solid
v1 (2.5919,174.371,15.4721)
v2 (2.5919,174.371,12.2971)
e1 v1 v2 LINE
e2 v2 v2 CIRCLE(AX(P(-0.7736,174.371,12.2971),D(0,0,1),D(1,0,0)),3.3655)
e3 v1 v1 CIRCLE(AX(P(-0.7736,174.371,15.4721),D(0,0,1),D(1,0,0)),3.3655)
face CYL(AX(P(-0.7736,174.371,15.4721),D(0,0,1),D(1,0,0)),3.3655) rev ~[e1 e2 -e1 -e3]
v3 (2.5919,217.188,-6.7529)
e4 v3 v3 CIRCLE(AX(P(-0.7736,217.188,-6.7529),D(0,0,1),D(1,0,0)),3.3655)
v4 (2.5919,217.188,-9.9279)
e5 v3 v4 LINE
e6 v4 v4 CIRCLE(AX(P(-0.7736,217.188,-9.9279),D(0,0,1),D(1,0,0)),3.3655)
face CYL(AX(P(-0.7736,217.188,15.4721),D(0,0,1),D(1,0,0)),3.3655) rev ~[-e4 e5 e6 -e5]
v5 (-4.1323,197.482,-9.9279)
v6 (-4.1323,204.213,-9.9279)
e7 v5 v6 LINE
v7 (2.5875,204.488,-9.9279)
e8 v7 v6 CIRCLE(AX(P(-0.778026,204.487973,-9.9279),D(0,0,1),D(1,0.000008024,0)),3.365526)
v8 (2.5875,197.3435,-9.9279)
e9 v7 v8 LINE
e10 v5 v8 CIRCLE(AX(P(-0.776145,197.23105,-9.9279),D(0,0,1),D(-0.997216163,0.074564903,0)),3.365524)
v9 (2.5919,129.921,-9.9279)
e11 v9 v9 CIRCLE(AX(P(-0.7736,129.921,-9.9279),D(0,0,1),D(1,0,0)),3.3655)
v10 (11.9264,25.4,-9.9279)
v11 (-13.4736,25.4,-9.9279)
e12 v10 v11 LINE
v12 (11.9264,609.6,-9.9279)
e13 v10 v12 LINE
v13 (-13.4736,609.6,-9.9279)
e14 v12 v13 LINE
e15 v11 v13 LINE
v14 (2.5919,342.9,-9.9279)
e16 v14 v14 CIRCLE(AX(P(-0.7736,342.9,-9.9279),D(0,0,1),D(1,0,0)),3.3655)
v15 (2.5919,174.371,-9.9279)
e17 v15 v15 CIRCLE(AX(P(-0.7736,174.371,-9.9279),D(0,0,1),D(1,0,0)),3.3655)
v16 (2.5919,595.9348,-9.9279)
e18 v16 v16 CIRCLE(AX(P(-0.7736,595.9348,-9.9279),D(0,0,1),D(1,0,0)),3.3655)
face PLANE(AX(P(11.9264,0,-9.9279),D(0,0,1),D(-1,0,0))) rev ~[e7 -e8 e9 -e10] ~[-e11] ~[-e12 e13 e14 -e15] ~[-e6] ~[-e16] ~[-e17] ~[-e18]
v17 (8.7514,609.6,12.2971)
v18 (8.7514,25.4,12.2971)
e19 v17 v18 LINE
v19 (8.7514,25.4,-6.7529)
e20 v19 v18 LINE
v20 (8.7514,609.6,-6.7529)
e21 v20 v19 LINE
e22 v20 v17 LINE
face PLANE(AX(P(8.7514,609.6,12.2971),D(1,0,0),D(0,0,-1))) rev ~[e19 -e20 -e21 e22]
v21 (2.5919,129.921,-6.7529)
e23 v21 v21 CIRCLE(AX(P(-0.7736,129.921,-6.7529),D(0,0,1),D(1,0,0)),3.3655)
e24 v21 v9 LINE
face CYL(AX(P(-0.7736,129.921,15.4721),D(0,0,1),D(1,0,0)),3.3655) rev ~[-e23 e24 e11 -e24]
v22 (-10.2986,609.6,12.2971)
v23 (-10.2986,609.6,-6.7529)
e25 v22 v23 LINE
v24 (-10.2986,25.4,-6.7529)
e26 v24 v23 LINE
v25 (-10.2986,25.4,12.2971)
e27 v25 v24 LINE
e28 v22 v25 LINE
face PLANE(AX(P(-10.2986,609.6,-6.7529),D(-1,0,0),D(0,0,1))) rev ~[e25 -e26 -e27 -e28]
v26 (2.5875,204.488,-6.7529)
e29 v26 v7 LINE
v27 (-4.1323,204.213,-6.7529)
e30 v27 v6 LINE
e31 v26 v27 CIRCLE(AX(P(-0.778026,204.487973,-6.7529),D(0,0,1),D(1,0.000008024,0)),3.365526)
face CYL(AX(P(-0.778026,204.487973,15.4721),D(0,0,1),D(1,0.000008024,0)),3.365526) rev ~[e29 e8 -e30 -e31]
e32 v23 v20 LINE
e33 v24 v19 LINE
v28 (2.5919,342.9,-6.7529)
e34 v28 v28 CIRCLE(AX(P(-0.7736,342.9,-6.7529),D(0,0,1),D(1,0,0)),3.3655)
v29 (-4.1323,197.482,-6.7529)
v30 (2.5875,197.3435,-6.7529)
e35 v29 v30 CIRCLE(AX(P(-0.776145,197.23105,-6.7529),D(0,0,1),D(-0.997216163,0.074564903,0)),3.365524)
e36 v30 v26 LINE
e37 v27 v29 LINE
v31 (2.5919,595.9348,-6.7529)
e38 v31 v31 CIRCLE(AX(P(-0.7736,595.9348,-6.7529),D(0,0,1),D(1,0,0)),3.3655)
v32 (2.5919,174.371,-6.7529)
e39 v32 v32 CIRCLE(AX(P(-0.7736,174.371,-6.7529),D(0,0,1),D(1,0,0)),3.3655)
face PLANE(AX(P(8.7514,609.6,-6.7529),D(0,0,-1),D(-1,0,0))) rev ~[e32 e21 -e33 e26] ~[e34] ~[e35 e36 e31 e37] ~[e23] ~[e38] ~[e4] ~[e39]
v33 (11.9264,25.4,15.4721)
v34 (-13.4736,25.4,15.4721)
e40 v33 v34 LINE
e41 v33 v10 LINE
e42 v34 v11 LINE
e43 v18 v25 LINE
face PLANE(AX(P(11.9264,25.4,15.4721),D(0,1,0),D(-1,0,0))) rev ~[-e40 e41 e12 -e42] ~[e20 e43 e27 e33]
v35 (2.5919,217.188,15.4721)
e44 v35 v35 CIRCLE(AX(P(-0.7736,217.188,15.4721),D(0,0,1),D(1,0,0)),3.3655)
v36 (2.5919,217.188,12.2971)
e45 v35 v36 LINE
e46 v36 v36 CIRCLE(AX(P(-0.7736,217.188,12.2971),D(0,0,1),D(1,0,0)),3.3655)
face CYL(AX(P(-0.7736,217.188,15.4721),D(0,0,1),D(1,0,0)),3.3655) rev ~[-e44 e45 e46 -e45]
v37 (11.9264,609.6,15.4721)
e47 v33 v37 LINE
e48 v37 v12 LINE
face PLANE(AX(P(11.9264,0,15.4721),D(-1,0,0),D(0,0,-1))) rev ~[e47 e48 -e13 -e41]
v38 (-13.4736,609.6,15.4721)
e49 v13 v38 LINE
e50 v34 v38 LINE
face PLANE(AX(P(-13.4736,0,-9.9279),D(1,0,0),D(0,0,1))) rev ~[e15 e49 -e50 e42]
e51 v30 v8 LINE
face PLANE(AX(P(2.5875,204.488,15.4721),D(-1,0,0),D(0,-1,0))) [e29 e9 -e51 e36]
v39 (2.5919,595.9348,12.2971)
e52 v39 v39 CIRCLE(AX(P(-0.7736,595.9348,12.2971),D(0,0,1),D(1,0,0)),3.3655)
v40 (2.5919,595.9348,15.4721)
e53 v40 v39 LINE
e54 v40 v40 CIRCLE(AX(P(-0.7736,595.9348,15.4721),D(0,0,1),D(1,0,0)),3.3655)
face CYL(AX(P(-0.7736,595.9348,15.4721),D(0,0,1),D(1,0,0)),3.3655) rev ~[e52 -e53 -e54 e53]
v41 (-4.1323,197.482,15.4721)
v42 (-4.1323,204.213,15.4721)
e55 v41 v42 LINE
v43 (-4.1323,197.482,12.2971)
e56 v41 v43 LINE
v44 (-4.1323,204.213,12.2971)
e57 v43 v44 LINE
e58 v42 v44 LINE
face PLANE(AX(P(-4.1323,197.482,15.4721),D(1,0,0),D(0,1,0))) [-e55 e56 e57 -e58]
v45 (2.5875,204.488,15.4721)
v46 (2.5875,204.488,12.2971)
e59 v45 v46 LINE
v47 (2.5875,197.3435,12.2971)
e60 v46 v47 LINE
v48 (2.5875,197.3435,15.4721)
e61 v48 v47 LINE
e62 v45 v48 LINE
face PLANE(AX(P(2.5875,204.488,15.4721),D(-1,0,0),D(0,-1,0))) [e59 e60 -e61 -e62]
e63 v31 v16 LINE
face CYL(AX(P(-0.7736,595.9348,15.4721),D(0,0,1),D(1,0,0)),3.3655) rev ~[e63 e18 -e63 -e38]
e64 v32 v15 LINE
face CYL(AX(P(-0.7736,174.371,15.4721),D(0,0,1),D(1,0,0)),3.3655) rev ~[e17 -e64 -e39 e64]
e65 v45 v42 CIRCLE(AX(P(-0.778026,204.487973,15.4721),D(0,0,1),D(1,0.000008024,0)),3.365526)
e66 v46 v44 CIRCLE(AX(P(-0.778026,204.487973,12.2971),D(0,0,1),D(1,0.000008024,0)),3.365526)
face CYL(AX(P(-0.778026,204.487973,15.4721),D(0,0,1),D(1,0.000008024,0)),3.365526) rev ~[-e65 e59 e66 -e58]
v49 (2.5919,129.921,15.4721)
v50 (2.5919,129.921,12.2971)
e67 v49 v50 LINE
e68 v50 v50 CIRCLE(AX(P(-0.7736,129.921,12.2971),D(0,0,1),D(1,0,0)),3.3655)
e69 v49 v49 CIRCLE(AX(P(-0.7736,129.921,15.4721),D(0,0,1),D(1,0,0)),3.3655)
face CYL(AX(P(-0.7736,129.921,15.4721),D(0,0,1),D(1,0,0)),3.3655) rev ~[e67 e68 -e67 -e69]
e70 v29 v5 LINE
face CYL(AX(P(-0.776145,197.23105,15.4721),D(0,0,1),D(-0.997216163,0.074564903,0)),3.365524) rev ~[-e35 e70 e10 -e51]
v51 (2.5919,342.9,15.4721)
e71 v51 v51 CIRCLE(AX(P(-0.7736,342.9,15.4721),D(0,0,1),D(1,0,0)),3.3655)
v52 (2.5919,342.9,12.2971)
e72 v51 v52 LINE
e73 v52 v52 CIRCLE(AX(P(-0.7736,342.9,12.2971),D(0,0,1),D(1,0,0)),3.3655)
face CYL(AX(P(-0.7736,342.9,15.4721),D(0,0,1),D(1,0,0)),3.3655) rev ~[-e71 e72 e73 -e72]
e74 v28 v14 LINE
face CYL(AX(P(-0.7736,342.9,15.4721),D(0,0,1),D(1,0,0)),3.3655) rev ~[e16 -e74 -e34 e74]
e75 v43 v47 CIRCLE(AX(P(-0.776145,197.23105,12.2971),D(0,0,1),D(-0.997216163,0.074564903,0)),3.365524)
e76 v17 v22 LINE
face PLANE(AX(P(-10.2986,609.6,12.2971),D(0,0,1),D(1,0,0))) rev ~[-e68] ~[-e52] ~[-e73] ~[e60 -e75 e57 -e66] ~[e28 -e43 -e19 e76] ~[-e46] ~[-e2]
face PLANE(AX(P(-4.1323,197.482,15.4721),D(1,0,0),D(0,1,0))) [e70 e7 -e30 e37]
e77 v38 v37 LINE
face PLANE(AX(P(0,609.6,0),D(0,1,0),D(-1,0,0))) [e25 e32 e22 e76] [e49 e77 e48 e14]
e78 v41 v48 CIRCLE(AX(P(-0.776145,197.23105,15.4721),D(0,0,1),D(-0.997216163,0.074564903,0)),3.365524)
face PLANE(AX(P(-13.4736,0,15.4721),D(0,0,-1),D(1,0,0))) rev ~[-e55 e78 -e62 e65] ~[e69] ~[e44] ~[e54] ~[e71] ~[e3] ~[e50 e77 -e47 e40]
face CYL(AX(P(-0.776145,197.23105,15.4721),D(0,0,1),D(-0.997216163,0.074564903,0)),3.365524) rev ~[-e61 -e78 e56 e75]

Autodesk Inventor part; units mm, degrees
ref_plane "YZ Plane" through (0, 0, 0) normal (1, 0, 0) x (0, 1, 0)
ref_plane "XZ Plane" through (0, 0, 0) normal (0, 1, 0) x (-1, 0, 0)
ref_plane "XY Plane" through (0, 0, 0) normal (0, 0, 1) x (1, 0, 0)
sketch "Sketch1" plane through (0, 0, 0) normal (0, 1, 0) x (-1, 0, 0)
  line L0 (13.4736, 15.4721) -> (-11.9264, 15.4721)
  line L1 (-11.9264, 15.4721) -> (-11.9264, -9.9279)
  line L2 (-11.9264, -9.9279) -> (13.4736, -9.9279)
  line L3 (13.4736, -9.9279) -> (13.4736, 15.4721)
  point P0 (0, 0)
  dimension "d0" = 25.4
  dimension "d1" = 25.4
extrude "Extrusion1" add sketch "Sketch1" along normal blind 609.6
shell "Shell1" thickness 3.175 removed faces 1 at (3.4597, 609.6, 7.0054)
sketch "Sketch2" plane through (0, 609.6, 0) normal (0, 1, 0) x (1, 0, 0)
  line L0 (-10.2986, -12.2971) -> (8.7514, -12.2971)
  line L1 (8.7514, -12.2971) -> (8.7514, 6.7529)
  line L2 (8.7514, 6.7529) -> (-10.2986, 6.7529)
  line L3 (-10.2986, 6.7529) -> (-10.2986, -12.2971)
  point P0 (0, 0)
extrude "Extrusion2" cut sketch "Sketch2" against normal blind 609.6
sketch "Sketch3" plane through (-13.4736, 0, 15.4721) normal (0, 0, 1) x (1, 0, 0)
  line L0 (38.1, 608.6348) -> (0, 608.6348)
  circle A0 centre (12.7, 12.7) radius 3.3655
  circle A1 centre (12.7, 342.9) radius 3.3655
  circle A2 centre (12.7, 595.9348) radius 3.3655
  line L1 (0, 557.8348) -> (0, 608.6348)
  line L2 (0, 50.8) -> (0, 0)
  line L3 (12.7, 342.9) -> (0, 304.3174) construction
  line L4 (0, 317.5) -> (0, 368.3)
  line L5 (0, 129.921) -> (12.7, 129.921) construction
  circle A3 centre (12.7, 129.921) radius 3.3655
  circle A4 centre (12.7, 174.371) radius 3.3655
  line L6 (9.3413, 197.482) -> (9.3413, 204.213)
  line L7 (16.0611, 204.488) -> (16.0611, 197.3435)
  arc A5 (16.0611, 204.488) -> (9.3413, 204.213) centre (12.6956, 204.488) ccw
  arc A6 (9.3413, 197.482) -> (16.0611, 197.3435) centre (12.6974, 197.231) ccw
  circle A7 centre (12.7, 217.188) radius 3.3655
  line L8 (0, 0) -> (0, 609.6) projected
  point P0 (13.4736, 0)
  dimension "d7" = 38.1
  dimension "d20" = 12.7
  dimension "d29" = 12.7
  dimension "d30" = 6.731
  dimension "d31" = 3.3655
  dimension "d32" = 3.3655
  dimension "d33" = 6.731
  dimension "d34" = 12.7
  dimension "d36" = 90
  dimension "d37" = 90
  dimension "d40" = 478.7138
  dimension "d44" = 404.1468
  dimension "d45" = 411.2913
  dimension "d48" = 434.2638
  dimension "d49" = 50.8
  dimension "d50" = 240.3348
  dimension "d51" = 291.1348
  dimension "d52" = 557.8348
extrude "Extrusion3" cut sketch "Sketch3" against normal blind 76.2
sketch "Sketch4" plane through (-13.4736, 0, 15.4721) normal (0, 0, 1) x (1, 0, 0)
  line L0 (0, 0) -> (25.4, 0)
  line L1 (25.4, 0) -> (25.4, 25.4)
  line L2 (25.4, 25.4) -> (0, 25.4)
  line L3 (0, 25.4) -> (0, 0)
  point P0 (13.4736, 0)
  dimension "d55" = 25.4
  dimension "d56" = 25.4
extrude "Extrusion4" cut sketch "Sketch4" against normal blind 25.4
properties part number "ClawArmBeam"
